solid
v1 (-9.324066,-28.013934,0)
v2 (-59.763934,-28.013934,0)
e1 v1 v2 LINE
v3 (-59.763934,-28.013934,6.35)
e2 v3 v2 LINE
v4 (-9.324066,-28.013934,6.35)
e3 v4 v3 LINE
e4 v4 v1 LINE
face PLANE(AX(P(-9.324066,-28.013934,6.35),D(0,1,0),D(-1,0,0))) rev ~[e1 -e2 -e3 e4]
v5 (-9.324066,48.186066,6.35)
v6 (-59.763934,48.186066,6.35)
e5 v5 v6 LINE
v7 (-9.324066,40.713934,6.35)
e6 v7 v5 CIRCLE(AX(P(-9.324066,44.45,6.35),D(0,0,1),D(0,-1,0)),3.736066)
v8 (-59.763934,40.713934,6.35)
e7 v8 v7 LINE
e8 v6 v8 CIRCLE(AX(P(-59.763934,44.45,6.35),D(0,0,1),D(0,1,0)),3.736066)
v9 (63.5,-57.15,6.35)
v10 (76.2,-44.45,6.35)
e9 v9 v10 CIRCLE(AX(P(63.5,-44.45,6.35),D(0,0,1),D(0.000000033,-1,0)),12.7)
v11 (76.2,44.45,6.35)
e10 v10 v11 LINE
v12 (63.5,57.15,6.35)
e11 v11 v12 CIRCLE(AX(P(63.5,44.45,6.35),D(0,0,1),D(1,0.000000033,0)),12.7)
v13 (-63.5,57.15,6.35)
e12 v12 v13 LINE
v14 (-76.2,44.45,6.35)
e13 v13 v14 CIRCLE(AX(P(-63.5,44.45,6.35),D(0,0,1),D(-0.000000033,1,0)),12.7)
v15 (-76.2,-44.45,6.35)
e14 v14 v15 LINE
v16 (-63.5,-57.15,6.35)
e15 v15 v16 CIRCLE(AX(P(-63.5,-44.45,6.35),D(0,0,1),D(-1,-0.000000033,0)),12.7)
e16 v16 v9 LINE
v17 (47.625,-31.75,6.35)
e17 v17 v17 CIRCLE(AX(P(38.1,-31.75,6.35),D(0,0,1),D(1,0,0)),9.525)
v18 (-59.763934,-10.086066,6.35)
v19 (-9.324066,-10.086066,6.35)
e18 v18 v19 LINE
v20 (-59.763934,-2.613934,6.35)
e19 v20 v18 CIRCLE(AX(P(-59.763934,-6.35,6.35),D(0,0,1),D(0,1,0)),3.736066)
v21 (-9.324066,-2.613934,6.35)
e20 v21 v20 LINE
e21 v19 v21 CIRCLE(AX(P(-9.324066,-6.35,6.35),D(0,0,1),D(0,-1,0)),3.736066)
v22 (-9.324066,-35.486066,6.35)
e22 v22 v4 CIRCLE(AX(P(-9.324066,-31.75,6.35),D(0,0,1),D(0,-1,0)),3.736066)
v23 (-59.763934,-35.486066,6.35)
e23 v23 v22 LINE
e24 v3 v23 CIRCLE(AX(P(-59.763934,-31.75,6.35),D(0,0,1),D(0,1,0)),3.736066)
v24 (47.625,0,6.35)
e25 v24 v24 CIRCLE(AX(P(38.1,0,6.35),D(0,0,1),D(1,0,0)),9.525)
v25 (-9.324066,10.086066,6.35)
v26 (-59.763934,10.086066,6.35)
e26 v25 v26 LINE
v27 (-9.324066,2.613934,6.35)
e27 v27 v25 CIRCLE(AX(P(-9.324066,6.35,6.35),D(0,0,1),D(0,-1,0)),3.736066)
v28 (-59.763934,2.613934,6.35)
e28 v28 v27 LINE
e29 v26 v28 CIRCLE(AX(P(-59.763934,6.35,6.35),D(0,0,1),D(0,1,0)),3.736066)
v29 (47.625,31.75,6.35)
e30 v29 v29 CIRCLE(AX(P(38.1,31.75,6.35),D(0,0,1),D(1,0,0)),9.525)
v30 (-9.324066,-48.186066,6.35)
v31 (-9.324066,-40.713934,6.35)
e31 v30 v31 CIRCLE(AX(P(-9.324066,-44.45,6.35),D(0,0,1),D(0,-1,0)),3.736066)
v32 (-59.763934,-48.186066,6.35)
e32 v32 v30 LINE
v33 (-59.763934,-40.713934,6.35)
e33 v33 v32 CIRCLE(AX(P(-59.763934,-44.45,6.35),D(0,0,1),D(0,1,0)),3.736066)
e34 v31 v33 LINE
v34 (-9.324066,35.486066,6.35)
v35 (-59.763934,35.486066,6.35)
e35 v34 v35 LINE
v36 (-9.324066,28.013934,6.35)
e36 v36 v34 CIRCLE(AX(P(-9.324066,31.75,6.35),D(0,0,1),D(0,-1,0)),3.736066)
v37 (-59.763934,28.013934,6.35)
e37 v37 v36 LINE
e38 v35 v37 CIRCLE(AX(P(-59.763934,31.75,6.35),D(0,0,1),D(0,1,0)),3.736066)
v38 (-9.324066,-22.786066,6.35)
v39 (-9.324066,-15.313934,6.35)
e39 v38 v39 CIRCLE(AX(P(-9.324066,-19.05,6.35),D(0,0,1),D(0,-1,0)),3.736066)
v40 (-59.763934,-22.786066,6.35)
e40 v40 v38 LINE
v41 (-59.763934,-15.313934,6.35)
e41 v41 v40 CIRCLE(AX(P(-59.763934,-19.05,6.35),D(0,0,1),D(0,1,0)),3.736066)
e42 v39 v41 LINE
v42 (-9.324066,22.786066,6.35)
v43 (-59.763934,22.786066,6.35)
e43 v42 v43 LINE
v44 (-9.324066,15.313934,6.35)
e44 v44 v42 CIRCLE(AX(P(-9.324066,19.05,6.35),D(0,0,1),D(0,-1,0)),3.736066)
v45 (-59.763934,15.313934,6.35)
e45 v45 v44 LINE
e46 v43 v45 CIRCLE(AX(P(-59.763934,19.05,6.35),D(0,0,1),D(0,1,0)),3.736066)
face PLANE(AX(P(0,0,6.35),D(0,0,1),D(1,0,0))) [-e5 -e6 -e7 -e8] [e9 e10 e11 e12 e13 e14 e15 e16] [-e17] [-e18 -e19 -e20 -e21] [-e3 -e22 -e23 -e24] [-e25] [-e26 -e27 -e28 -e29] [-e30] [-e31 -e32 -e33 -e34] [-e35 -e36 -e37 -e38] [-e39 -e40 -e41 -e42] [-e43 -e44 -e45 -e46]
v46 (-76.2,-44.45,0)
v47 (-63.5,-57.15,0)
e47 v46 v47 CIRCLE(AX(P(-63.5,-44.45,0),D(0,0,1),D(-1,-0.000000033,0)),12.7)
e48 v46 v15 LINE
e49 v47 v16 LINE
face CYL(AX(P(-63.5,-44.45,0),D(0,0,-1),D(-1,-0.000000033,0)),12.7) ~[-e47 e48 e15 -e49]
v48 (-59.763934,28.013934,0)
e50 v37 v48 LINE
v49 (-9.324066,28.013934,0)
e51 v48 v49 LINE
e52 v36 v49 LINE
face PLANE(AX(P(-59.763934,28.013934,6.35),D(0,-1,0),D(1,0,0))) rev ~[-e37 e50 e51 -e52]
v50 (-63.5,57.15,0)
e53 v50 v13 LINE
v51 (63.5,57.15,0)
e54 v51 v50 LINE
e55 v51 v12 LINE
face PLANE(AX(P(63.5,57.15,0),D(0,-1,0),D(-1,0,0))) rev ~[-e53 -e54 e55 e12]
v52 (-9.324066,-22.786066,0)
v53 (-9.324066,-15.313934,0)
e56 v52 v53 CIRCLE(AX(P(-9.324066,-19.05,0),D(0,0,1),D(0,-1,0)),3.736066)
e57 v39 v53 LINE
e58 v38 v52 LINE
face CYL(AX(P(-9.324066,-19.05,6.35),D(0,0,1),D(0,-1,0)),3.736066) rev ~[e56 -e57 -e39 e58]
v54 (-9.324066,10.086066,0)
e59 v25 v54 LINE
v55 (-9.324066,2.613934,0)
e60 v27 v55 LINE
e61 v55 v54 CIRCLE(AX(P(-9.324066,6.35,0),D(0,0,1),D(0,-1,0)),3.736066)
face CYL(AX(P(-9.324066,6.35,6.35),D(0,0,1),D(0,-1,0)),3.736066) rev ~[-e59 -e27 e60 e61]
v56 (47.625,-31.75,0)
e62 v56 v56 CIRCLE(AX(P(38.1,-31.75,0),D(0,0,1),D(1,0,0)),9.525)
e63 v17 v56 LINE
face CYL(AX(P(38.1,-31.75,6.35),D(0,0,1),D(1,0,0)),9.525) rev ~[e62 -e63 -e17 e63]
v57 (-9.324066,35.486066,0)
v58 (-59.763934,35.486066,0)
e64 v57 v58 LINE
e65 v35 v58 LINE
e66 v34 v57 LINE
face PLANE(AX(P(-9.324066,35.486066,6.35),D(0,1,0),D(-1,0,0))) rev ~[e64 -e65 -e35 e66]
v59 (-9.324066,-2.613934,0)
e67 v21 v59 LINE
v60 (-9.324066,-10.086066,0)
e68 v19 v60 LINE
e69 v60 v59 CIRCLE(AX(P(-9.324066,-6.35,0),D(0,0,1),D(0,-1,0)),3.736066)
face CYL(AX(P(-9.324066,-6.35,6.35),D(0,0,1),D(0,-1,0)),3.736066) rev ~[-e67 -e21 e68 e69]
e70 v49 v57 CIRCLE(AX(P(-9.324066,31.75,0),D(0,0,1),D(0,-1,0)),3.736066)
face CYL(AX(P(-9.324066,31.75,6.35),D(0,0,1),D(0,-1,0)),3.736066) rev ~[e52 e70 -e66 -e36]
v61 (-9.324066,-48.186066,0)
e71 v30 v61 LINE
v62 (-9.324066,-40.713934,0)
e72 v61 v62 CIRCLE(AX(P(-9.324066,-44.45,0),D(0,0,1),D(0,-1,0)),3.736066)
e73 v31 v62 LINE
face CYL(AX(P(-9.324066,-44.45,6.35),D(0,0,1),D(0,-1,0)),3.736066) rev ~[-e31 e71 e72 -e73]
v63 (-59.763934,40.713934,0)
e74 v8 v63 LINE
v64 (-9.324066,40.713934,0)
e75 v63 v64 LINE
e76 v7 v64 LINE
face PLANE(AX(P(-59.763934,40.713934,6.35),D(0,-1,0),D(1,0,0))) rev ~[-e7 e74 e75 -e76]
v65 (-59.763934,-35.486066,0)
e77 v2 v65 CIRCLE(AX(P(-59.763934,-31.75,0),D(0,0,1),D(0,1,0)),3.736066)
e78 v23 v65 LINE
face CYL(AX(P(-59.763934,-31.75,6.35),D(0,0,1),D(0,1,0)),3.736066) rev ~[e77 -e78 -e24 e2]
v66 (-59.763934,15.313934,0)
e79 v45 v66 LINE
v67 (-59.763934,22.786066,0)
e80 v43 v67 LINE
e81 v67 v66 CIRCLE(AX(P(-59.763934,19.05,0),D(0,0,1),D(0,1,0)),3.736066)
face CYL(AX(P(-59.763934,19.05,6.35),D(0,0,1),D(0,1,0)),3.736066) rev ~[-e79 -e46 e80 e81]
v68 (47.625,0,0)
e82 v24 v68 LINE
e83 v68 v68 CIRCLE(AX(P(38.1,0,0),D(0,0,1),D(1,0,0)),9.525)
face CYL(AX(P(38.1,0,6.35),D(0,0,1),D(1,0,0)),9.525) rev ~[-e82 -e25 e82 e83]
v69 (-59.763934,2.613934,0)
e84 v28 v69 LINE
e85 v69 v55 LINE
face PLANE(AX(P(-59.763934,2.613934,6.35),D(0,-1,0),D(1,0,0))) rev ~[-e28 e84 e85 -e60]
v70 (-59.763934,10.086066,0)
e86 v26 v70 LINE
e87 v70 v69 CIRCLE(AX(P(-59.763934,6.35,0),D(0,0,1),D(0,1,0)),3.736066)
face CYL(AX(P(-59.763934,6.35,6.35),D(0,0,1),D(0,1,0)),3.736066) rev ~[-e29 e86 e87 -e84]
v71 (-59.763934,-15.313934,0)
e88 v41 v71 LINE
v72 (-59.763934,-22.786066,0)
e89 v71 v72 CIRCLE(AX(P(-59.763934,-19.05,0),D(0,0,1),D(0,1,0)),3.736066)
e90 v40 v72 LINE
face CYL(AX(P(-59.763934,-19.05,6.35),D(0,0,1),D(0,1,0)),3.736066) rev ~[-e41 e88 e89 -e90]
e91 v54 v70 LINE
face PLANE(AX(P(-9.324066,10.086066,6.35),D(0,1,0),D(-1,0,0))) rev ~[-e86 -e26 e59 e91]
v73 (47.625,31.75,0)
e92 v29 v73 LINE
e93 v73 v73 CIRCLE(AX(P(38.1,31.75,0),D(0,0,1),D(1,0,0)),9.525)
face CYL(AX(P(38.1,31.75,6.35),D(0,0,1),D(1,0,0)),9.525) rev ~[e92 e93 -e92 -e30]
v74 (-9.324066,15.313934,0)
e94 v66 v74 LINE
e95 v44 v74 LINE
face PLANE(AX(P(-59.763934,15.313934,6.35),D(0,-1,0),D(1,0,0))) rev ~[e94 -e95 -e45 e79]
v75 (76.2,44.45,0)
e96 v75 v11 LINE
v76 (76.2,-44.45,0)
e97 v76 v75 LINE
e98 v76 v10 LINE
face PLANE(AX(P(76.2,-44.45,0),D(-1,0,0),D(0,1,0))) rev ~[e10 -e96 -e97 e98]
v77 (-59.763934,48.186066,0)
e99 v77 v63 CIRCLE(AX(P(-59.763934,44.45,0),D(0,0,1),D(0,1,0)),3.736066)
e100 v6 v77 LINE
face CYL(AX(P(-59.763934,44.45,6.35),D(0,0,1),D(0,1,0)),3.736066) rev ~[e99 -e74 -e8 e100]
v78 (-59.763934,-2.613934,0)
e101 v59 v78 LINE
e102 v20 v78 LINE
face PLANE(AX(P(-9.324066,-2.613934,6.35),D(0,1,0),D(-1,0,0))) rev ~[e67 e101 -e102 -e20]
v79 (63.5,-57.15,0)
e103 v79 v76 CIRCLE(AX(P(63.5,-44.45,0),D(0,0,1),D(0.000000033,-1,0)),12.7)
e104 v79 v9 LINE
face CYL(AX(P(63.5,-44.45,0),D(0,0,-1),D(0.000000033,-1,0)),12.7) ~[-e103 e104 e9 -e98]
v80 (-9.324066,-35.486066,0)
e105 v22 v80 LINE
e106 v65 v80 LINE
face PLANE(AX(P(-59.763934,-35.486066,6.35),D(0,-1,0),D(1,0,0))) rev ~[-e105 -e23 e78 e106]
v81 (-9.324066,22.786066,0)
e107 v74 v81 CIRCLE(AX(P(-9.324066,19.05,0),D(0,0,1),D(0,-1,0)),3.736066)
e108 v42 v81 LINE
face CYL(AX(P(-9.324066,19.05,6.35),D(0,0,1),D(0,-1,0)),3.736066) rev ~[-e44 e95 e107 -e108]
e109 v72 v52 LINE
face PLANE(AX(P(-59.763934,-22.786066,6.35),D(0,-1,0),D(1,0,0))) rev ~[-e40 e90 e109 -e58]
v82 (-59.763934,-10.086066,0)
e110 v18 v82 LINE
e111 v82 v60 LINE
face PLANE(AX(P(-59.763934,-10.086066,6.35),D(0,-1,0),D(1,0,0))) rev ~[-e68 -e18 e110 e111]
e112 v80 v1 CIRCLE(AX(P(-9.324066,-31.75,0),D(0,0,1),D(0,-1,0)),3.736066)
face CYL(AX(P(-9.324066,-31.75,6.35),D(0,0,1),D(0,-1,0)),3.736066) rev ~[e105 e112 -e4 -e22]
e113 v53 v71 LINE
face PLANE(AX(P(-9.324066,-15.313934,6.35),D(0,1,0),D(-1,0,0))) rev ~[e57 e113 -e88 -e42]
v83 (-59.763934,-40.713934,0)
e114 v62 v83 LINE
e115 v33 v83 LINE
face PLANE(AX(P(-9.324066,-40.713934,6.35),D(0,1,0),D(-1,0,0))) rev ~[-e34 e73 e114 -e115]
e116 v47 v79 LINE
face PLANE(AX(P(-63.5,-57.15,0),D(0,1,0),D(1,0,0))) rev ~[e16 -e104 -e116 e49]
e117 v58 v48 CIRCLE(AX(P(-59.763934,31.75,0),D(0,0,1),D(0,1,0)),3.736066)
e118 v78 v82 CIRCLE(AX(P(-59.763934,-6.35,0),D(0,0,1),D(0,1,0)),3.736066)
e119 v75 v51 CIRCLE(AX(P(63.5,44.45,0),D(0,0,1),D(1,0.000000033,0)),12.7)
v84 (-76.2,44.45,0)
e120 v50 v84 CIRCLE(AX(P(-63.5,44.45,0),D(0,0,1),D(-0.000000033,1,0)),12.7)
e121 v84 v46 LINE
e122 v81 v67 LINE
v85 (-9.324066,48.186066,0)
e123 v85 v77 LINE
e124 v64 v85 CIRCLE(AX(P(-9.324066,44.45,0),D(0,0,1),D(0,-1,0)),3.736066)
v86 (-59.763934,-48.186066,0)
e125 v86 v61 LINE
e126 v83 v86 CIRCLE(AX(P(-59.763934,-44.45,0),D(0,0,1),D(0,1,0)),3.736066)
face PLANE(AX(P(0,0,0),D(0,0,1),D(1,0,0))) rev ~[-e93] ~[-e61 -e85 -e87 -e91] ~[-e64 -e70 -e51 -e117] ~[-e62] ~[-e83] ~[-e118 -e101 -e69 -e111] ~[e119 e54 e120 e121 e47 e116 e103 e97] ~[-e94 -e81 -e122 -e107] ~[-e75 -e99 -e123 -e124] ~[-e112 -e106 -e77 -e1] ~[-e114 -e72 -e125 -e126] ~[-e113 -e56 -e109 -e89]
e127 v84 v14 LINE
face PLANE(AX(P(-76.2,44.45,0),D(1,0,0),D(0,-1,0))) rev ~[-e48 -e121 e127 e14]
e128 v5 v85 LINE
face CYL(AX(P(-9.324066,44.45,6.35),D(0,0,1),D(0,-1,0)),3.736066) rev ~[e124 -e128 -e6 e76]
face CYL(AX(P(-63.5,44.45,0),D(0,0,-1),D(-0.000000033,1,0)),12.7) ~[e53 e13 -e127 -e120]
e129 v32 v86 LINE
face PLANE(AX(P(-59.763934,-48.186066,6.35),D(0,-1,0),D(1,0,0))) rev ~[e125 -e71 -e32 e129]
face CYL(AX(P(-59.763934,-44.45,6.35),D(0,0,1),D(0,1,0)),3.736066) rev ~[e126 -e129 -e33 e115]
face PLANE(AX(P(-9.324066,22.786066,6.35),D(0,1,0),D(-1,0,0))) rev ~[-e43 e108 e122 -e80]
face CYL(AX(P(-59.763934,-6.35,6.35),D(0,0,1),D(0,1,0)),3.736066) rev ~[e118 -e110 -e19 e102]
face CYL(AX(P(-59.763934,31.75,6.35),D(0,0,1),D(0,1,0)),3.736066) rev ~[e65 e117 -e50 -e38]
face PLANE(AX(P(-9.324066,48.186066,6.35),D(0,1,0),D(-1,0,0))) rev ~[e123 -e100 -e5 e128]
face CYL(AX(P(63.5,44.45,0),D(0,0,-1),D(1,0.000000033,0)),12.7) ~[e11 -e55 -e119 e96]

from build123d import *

# Parameters (mm, degrees)
F1_DEPTH = 6.35
F2_R     = 9.525
F3_DEPTH = 6.351
F5_DEPTH = 6.351


with BuildPart() as f1:
    # F0 (on Top) → F1 (new body)
    with BuildSketch(Plane.XY):
        with BuildLine():
            ThreePointArc((76.2, 44.45), (72.480256, 53.430256), (63.5, 57.15))
            Line((63.5, 57.15), (-63.5, 57.15))
            ThreePointArc((-63.5, 57.15), (-72.480256, 53.430256), (-76.2, 44.45))
            Line((-76.2, 44.45), (-76.2, -44.45))
            ThreePointArc((-76.2, -44.45), (-72.480256, -53.430256), (-63.5, -57.15))
            Line((-63.5, -57.15), (63.5, -57.15))
            ThreePointArc((63.5, -57.15), (72.480256, -53.430256), (76.2, -44.45))
            Line((76.2, -44.45), (76.2, 44.45))
        make_face()
    extrude(amount=F1_DEPTH)

    # F2 (on face) → F3 (cut, through all)
    with BuildSketch(Plane.XY.offset(6.35)):
        with Locations((38.1, 31.75)):
            Circle(F2_R)
        with Locations((38.1, 0)):
            Circle(F2_R)
        with Locations((38.1, -31.75)):
            Circle(F2_R)
    extrude(amount=-F3_DEPTH, mode=Mode.SUBTRACT)

    # F4 (on face) → F5 (cut, through all)
    with BuildSketch(Plane.XY.offset(6.35)):
        with BuildLine():
            Line((-59.763934, -48.186066), (-9.324066, -48.186066))
            ThreePointArc((-9.324066, -48.186066), (-5.588, -44.45), (-9.324066, -40.713934))
            Line((-9.324066, -40.713934), (-59.763934, -40.713934))
            ThreePointArc((-59.763934, -40.713934), (-63.5, -44.45), (-59.763934, -48.186066))
        make_face()
        with BuildLine():
            ThreePointArc((-59.763934, -28.013934), (-63.5, -31.75), (-59.763934, -35.486066))
            Line((-59.763934, -35.486066), (-9.324066, -35.486066))
            ThreePointArc((-9.324066, -35.486066), (-5.588, -31.75), (-9.324066, -28.013934))
            Line((-9.324066, -28.013934), (-59.763934, -28.013934))
        make_face()
        with BuildLine():
            ThreePointArc((-59.763934, -15.313934), (-63.5, -19.05), (-59.763934, -22.786066))
            Line((-59.763934, -22.786066), (-9.324066, -22.786066))
            ThreePointArc((-9.324066, -22.786066), (-5.588, -19.05), (-9.324066, -15.313934))
            Line((-9.324066, -15.313934), (-59.763934, -15.313934))
        make_face()
        with BuildLine():
            ThreePointArc((-59.763934, -2.613934), (-63.5, -6.35), (-59.763934, -10.086066))
            Line((-59.763934, -10.086066), (-9.324066, -10.086066))
            ThreePointArc((-9.324066, -10.086066), (-5.588, -6.35), (-9.324066, -2.613934))
            Line((-9.324066, -2.613934), (-59.763934, -2.613934))
        make_face()
        with BuildLine():
            ThreePointArc((-59.763934, 10.086066), (-63.5, 6.35), (-59.763934, 2.613934))
            Line((-59.763934, 2.613934), (-9.324066, 2.613934))
            ThreePointArc((-9.324066, 2.613934), (-5.588, 6.35), (-9.324066, 10.086066))
            Line((-9.324066, 10.086066), (-59.763934, 10.086066))
        make_face()
        with BuildLine():
            ThreePointArc((-59.763934, 22.786066), (-63.5, 19.05), (-59.763934, 15.313934))
            Line((-59.763934, 15.313934), (-9.324066, 15.313934))
            ThreePointArc((-9.324066, 15.313934), (-5.588, 19.05), (-9.324066, 22.786066))
            Line((-9.324066, 22.786066), (-59.763934, 22.786066))
        make_face()
        with BuildLine():
            ThreePointArc((-59.763934, 35.486066), (-63.5, 31.75), (-59.763934, 28.013934))
            Line((-59.763934, 28.013934), (-9.324066, 28.013934))
            ThreePointArc((-9.324066, 28.013934), (-5.588, 31.75), (-9.324066, 35.486066))
            Line((-9.324066, 35.486066), (-59.763934, 35.486066))
        make_face()
        with BuildLine():
            ThreePointArc((-59.763934, 48.186066), (-63.5, 44.45), (-59.763934, 40.713934))
            Line((-59.763934, 40.713934), (-9.324066, 40.713934))
            ThreePointArc((-9.324066, 40.713934), (-5.588, 44.45), (-9.324066, 48.186066))
            Line((-9.324066, 48.186066), (-59.763934, 48.186066))
        make_face()
    extrude(amount=-F5_DEPTH, mode=Mode.SUBTRACT)


solid = f1.part
